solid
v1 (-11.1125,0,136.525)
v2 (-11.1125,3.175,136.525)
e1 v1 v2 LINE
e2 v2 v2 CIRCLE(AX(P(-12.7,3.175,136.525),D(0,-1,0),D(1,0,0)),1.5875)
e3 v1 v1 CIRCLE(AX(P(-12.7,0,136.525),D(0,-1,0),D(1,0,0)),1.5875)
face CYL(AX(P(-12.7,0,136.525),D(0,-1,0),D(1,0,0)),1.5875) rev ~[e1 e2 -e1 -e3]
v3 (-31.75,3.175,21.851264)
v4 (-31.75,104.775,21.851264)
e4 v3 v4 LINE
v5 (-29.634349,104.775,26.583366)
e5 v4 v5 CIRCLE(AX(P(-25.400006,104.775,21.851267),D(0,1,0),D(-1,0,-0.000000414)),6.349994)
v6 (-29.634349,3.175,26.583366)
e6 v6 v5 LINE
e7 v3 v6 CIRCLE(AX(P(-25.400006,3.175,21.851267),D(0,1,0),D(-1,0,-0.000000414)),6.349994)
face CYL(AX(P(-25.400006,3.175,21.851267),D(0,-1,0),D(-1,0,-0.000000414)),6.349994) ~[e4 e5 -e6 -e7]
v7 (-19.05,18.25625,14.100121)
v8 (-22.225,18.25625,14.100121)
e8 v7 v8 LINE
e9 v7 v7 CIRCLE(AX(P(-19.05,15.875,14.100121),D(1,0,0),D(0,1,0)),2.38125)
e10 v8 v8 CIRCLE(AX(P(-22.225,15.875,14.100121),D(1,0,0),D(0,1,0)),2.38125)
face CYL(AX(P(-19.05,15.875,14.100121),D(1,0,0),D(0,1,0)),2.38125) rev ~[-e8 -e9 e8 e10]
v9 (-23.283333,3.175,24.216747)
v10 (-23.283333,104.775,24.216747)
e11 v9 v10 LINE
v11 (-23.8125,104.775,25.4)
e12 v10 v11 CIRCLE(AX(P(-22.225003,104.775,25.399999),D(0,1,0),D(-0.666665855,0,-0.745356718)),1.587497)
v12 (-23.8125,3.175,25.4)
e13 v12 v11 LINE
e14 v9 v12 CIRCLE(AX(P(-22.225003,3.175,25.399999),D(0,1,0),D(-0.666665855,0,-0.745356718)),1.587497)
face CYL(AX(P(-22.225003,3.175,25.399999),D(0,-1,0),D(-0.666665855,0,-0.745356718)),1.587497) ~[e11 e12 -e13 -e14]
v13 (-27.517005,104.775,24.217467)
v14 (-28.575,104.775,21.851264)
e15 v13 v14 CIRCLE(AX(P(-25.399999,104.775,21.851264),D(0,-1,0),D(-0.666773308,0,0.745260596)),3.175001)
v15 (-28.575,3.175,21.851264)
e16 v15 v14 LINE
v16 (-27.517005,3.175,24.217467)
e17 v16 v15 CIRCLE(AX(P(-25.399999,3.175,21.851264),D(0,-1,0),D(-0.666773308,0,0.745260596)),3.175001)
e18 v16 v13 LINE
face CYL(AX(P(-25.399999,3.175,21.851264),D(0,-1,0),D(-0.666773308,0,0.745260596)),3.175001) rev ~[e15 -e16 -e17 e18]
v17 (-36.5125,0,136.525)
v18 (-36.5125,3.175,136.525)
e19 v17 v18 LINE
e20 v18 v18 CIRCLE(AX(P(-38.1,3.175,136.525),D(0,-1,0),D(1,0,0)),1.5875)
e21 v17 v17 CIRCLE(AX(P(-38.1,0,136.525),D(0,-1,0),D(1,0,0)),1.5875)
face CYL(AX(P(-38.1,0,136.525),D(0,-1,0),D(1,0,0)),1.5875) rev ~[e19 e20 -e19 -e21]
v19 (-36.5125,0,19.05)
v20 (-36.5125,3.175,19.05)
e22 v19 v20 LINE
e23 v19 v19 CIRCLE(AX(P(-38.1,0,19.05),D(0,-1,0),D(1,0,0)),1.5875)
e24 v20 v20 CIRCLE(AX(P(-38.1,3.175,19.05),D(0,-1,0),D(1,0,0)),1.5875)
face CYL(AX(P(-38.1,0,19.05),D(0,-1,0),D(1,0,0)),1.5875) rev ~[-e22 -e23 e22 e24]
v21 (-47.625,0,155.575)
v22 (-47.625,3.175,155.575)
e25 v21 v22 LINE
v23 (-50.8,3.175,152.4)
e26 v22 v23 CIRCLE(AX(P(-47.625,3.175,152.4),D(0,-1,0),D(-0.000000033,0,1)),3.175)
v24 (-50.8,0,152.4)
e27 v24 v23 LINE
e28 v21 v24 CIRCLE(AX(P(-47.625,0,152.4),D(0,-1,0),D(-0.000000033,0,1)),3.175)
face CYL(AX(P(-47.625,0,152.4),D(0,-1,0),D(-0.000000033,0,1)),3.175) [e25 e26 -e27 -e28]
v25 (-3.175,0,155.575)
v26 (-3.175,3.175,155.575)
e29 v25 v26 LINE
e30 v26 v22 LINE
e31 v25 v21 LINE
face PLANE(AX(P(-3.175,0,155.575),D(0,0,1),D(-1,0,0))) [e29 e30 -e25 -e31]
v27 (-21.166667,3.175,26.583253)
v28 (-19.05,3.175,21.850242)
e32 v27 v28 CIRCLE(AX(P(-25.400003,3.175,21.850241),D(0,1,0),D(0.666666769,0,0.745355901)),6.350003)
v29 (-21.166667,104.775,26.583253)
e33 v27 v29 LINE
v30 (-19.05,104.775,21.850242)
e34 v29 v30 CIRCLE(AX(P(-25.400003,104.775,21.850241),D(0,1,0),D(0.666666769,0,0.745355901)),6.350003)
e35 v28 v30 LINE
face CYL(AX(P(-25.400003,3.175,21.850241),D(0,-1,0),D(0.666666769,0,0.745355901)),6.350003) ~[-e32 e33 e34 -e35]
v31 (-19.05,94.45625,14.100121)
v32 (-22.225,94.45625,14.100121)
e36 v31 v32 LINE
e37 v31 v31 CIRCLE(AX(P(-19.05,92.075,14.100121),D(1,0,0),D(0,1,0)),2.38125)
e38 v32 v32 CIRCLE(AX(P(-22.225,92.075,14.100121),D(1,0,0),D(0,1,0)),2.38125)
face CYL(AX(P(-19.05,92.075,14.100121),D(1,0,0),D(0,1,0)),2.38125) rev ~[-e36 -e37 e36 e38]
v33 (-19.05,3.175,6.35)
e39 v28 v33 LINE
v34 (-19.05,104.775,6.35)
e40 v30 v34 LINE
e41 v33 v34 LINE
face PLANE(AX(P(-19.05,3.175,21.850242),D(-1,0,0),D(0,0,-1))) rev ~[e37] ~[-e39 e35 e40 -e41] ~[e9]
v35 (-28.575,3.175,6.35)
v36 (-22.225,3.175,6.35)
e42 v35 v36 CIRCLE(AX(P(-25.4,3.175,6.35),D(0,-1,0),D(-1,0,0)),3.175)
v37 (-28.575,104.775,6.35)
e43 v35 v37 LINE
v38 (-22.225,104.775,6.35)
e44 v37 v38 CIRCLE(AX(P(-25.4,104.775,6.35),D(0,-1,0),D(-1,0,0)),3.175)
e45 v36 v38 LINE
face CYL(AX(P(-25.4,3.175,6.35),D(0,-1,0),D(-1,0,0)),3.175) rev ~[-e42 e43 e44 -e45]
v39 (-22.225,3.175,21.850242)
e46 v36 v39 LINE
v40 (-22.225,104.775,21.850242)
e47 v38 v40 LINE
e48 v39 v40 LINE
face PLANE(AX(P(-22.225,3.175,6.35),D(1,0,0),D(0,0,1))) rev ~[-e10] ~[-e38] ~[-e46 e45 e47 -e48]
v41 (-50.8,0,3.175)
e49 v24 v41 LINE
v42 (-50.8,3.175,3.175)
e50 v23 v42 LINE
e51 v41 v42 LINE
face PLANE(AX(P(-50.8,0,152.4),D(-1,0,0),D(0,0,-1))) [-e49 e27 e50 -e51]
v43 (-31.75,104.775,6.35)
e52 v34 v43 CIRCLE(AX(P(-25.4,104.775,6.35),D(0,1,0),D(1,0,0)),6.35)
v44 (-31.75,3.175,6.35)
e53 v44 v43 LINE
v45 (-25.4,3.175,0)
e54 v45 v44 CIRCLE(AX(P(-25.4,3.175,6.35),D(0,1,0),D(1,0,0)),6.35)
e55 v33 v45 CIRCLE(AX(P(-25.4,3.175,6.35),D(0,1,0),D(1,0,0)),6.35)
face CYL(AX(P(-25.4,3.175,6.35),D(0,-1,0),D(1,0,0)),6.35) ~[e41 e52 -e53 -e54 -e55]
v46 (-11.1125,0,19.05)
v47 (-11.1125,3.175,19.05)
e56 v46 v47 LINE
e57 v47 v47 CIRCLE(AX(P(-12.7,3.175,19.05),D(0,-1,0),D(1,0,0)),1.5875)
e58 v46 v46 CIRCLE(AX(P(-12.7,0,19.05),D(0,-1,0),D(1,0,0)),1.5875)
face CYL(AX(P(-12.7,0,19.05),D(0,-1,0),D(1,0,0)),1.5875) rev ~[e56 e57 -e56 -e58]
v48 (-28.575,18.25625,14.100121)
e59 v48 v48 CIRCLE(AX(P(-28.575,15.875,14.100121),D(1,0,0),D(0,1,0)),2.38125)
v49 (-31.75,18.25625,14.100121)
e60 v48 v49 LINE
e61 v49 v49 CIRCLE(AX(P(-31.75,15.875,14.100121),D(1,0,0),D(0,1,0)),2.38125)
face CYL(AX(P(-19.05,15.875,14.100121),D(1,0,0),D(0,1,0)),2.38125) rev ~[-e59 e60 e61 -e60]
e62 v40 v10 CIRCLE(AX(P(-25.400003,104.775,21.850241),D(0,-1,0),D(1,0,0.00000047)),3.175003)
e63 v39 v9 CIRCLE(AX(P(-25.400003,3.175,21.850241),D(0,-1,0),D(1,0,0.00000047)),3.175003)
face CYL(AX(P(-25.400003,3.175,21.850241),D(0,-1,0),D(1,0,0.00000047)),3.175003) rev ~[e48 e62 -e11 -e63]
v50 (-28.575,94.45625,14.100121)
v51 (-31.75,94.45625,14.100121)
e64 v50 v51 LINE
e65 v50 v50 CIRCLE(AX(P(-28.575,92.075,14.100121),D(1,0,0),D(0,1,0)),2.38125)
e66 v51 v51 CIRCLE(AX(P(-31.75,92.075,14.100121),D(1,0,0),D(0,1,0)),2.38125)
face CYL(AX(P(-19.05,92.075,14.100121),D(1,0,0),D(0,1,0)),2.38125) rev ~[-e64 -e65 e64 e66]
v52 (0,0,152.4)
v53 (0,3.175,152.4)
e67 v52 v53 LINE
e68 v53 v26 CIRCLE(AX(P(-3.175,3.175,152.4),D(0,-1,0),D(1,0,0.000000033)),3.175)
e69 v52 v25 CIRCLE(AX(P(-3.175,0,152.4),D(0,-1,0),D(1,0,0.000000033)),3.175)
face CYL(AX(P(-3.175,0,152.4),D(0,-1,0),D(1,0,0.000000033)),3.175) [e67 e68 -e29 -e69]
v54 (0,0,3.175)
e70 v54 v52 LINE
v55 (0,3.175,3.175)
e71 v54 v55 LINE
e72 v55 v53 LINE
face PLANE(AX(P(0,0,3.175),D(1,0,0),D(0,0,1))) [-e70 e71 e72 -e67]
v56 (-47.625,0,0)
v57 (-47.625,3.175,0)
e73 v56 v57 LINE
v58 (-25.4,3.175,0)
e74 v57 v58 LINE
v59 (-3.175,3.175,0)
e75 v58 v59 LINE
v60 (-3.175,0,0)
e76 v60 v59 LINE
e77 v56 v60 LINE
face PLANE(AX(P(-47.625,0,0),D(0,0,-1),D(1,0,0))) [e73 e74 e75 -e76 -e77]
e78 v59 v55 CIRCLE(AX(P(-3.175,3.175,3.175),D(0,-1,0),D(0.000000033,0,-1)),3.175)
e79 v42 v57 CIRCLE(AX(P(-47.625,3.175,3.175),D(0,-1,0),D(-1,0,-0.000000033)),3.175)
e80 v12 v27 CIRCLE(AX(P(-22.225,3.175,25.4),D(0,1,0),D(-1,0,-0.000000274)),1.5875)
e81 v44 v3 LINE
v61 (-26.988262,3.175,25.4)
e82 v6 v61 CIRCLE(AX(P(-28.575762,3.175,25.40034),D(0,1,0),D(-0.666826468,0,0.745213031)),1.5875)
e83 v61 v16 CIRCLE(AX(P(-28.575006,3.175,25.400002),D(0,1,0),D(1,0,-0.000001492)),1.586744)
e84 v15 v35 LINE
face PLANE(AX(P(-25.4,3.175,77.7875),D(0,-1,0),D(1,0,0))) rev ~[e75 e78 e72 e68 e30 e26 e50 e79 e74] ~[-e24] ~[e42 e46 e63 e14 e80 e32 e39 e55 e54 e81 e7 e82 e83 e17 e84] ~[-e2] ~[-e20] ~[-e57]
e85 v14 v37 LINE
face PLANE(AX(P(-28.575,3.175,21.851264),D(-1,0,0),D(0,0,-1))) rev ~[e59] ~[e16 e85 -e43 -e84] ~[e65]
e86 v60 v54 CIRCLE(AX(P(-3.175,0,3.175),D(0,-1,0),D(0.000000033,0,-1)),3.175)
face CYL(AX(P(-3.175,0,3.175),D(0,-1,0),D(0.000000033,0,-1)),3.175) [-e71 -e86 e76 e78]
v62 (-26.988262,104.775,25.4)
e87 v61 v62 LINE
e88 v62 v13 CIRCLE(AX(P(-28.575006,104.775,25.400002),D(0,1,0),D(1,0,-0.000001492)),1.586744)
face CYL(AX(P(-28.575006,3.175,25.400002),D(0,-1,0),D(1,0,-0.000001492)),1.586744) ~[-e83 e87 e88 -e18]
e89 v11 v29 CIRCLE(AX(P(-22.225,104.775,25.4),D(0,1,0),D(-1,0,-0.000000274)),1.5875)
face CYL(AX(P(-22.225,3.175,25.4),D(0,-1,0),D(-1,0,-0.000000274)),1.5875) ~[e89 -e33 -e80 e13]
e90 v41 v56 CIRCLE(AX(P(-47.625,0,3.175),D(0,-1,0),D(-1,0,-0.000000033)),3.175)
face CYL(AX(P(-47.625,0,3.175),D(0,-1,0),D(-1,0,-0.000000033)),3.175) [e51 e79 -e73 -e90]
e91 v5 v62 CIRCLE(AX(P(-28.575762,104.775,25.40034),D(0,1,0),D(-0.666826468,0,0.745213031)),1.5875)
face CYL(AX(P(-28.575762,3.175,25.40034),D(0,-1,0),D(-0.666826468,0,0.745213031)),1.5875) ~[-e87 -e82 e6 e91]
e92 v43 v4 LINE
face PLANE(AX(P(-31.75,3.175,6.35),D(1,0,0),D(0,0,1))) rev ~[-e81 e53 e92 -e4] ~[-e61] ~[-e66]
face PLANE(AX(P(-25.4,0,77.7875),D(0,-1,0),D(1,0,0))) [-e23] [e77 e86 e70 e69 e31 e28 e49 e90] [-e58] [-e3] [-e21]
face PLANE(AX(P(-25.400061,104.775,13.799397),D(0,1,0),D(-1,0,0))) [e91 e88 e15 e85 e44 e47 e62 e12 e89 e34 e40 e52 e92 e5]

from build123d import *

# Parameters (mm, degrees)
F0_R     = 1.5875
F1_DEPTH = 3.175
F3_DEPTH = 101.6
F4_R     = 2.38125
F5_DEPTH = 31.751


with BuildPart() as f1:
    # F0 (on Front) → F1 (new body)
    with BuildSketch(Plane.XZ):
        with BuildLine():
            Line((-47.625, 0), (-3.175, 0))
            ThreePointArc((-3.175, 0), (-0.929936, 0.929936), (0, 3.175))
            Line((0, 3.175), (0, 152.4))
            ThreePointArc((0, 152.4), (-0.929936, 154.645064), (-3.175, 155.575))
            Line((-3.175, 155.575), (-47.625, 155.575))
            ThreePointArc((-47.625, 155.575), (-49.870064, 154.645064), (-50.8, 152.4))
            Line((-50.8, 152.4), (-50.8, 3.175))
            ThreePointArc((-50.8, 3.175), (-49.870064, 0.929936), (-47.625, 0))
        make_face()
        with Locations((-38.1, 19.05)):
            Circle(F0_R, mode=Mode.SUBTRACT)
        with Locations((-12.7, 19.05)):
            Circle(F0_R, mode=Mode.SUBTRACT)
        with Locations((-38.1, 136.525)):
            Circle(F0_R, mode=Mode.SUBTRACT)
        with Locations((-12.7, 136.525)):
            Circle(F0_R, mode=Mode.SUBTRACT)
    extrude(amount=-F1_DEPTH)

    # F2 (on face) → F3 (join)
    with BuildSketch(Plane(origin=(0, 3.175, 0), x_dir=(-1, 0, 0), z_dir=(0, 1, 0))):
        with BuildLine():
            ThreePointArc((27.517005, 24.217467), (28.298458, 23.147245), (28.575, 21.851264))
            Line((28.575, 21.851264), (28.575, 6.35))
            ThreePointArc((28.575, 6.35), (25.4, 3.175), (22.225, 6.35))
            Line((22.225, 6.35), (22.225, 21.850242))
            ThreePointArc((22.225, 21.850242), (22.501635, 23.14643), (23.283333, 24.216747))
            ThreePointArc((23.283333, 24.216747), (23.674183, 24.751906), (23.8125, 25.4))
            ThreePointArc((23.8125, 25.4), (22.873094, 26.849183), (21.166667, 26.583253))
            ThreePointArc((21.166667, 26.583253), (19.60327, 24.442619), (19.05, 21.850242))
            Line((19.05, 21.850242), (19.05, 6.35))
            ThreePointArc((19.05, 6.35), (25.4, 0), (31.75, 6.35))
            Line((31.75, 6.35), (31.75, 21.851264))
            ThreePointArc((31.75, 21.851264), (31.197009, 24.443019), (29.634349, 26.583366))
            ThreePointArc((29.634349, 26.583366), (27.927668, 26.849523), (26.988262, 25.4))
            ThreePointArc((26.988262, 25.4), (27.126467, 24.752321), (27.517005, 24.217467))
        make_face()
    extrude(amount=F3_DEPTH)

    # F4 (on face) → F5 (cut, through all)
    with BuildSketch(Plane.YZ.offset(-19.05)):
        with Locations((15.875, 14.100121)):
            Circle(F4_R)
        with Locations((92.075, 14.100121)):
            Circle(F4_R)
    extrude(amount=-F5_DEPTH, mode=Mode.SUBTRACT)


solid = f1.part
